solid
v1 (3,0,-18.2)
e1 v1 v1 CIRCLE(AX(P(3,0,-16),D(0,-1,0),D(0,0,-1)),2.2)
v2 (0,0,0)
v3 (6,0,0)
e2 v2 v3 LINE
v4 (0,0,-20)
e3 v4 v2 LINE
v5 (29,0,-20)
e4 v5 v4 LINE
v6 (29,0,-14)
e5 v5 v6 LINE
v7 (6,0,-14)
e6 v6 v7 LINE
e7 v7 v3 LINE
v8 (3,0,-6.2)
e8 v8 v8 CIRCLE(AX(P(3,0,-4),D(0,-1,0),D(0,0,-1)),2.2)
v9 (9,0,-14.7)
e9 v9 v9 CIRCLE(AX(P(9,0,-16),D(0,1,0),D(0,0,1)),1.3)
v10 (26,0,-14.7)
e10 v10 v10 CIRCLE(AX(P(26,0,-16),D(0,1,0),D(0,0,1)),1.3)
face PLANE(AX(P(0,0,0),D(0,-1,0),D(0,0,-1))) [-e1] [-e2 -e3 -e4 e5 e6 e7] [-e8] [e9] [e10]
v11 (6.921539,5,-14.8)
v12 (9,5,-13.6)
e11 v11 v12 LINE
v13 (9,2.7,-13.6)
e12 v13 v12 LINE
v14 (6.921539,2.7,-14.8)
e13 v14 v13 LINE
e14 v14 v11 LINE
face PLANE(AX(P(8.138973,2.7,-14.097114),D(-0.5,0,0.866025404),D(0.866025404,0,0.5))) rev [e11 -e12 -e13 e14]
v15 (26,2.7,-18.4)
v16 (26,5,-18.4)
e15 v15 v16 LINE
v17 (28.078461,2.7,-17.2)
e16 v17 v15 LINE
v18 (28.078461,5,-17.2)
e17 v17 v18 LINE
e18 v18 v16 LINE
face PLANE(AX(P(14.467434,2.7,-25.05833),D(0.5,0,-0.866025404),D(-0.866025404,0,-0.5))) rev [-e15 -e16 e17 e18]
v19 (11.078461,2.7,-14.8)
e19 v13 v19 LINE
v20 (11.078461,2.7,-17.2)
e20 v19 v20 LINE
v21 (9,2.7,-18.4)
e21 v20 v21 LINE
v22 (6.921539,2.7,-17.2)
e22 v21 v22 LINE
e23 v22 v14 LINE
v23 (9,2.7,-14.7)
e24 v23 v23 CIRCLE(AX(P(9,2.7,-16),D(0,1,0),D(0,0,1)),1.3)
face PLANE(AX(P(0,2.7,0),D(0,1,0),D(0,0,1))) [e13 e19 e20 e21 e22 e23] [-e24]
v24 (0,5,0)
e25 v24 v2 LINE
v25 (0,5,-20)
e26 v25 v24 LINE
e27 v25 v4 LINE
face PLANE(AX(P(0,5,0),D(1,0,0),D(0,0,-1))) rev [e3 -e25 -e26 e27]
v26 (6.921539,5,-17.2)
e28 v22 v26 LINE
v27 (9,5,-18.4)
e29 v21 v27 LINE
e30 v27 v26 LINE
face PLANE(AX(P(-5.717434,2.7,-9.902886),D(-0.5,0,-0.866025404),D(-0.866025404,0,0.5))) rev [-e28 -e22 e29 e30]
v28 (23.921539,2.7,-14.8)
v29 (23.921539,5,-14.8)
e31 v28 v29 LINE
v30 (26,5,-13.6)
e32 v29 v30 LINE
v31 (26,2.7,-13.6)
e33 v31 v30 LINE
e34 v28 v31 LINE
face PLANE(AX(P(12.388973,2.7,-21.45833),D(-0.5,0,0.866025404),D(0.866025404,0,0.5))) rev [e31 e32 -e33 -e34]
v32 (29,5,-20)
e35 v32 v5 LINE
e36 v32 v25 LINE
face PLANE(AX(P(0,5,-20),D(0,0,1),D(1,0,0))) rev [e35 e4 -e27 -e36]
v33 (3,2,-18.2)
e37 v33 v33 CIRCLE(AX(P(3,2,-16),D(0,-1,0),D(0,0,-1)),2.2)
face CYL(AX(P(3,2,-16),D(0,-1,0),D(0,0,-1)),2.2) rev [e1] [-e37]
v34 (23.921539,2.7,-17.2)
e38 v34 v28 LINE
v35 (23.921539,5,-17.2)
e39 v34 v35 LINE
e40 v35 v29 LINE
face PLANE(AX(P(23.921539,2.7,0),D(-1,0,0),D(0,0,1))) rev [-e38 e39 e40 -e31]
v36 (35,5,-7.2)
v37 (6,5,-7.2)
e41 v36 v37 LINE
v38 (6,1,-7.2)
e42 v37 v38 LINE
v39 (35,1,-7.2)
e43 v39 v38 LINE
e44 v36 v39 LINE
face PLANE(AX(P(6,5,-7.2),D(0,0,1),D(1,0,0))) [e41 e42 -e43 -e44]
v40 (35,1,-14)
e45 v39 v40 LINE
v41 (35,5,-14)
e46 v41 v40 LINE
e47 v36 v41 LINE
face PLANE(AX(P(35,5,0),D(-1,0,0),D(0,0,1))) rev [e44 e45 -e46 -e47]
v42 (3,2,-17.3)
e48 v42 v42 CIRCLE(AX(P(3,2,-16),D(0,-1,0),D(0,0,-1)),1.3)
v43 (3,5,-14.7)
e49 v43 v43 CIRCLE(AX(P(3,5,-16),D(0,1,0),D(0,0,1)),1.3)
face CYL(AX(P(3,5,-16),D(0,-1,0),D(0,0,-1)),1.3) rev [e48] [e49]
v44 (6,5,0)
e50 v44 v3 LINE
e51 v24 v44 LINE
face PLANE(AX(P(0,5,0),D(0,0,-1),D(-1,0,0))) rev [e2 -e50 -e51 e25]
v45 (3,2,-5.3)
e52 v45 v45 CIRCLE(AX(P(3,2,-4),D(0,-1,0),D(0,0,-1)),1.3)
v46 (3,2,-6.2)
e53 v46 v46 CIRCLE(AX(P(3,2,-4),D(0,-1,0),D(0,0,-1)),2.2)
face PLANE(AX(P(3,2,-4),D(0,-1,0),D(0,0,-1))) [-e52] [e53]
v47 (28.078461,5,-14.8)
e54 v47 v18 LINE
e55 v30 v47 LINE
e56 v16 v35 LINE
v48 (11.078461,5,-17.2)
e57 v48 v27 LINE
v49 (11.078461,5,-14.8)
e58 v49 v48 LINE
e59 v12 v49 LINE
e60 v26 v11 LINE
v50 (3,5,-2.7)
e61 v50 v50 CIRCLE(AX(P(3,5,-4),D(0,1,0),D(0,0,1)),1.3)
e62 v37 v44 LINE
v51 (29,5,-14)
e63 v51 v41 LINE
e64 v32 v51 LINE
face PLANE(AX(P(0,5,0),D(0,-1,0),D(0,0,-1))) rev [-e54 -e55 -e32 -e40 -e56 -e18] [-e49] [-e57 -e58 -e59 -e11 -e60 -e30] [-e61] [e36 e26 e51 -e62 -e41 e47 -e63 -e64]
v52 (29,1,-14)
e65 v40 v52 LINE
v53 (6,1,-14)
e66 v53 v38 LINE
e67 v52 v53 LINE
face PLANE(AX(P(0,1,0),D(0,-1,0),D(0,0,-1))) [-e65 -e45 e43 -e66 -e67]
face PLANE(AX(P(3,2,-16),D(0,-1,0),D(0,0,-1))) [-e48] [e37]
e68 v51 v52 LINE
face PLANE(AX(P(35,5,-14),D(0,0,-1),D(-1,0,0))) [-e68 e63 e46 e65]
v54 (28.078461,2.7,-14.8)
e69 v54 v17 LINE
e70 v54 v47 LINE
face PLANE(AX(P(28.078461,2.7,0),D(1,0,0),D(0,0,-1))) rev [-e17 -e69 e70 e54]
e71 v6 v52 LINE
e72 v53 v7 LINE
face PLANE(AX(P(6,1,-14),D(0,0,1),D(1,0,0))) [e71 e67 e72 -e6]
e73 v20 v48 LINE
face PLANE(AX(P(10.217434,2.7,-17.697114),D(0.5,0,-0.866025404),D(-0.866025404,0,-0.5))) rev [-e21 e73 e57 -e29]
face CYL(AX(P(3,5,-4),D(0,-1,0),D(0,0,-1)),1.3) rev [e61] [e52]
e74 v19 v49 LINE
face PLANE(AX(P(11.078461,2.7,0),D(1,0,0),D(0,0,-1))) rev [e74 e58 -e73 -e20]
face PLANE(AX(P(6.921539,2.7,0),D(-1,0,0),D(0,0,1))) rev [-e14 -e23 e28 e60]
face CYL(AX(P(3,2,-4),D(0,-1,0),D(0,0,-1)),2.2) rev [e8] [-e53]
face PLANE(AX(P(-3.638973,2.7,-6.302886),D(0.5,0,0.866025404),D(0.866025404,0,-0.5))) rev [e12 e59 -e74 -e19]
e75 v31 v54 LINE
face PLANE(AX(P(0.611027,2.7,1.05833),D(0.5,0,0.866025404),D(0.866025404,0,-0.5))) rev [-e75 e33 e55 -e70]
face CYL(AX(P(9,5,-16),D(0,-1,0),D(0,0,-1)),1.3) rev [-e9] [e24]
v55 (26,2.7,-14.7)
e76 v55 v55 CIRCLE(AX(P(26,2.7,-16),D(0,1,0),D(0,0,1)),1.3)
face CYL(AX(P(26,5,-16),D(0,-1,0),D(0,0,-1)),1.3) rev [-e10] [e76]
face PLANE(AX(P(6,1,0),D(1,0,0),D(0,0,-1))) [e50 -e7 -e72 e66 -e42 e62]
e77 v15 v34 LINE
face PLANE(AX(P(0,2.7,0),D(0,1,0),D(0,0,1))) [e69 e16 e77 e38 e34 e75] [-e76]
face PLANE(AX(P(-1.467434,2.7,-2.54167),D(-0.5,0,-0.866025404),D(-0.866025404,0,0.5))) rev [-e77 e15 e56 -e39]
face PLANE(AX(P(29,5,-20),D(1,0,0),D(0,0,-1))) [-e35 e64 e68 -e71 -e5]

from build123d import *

# Parameters (mm, degrees)
SKETCH_1_W           = 35
SKETCH_1_H           = 20
EXTRUDE_1_DEPTH      = 5
SKETCH_2_W           = 29
SKETCH_2_H           = 14
CUT_EXTRUDE_2_DEPTH  = 1
SKETCH_3_W           = 29
SKETCH_3_H           = 7.2
CUT_EXTRUDE_4_DEPTH  = 41.620192023
SKETCH_4_W           = 6
SKETCH_4_H           = 6
CUT_EXTRUDE_5_DEPTH  = 41.620192023
SKETCH_5_R           = 1.3
CUT_EXTRUDE_6_DEPTH  = 41.620192023
CUT_EXTRUDE_START    = 5
CUT_EXTRUDE_8_DEPTH  = 2.3
SKETCH_6_R           = 2.2
CUT_EXTRUDE_10_DEPTH = 2


with BuildPart() as part:
    # 草圖1 → 填料-伸長1 (new body)
    with BuildSketch(Plane(origin=(0, 0, 0), x_dir=(1, 0, 0), z_dir=(0, 1, 0))):
        with Locations((17.5, 10)):
            Rectangle(SKETCH_1_W, SKETCH_1_H)
    extrude(amount=EXTRUDE_1_DEPTH)

    # 草圖2 → 除料-伸長2 (cut)
    with BuildSketch(Plane(origin=(0, 0, 0), x_dir=(1, 0, 0), z_dir=(0, 1, 0))):
        with Locations((20.5, 7)):
            Rectangle(SKETCH_2_W, SKETCH_2_H)
    extrude(amount=CUT_EXTRUDE_2_DEPTH, mode=Mode.SUBTRACT)

    # 草圖3 → 除料-伸長4 (cut, through all)
    with BuildSketch(Plane(origin=(0, 0, 0), x_dir=(1, 0, 0), z_dir=(0, 1, 0))):
        with Locations((20.5, 3.6)):
            Rectangle(SKETCH_3_W, SKETCH_3_H)
    extrude(amount=CUT_EXTRUDE_4_DEPTH, mode=Mode.SUBTRACT)

    # 草圖4 → 除料-伸長5 (cut, through all)
    with BuildSketch(Plane(origin=(0, 0, 0), x_dir=(1, 0, 0), z_dir=(0, 1, 0))):
        with Locations((32, 17)):
            Rectangle(SKETCH_4_W, SKETCH_4_H)
    extrude(amount=CUT_EXTRUDE_5_DEPTH, mode=Mode.SUBTRACT)

    # 草圖5 → 除料-伸長6 (cut, through all)
    with BuildSketch(Plane(origin=(0, 0, 0), x_dir=(1, 0, 0), z_dir=(0, 1, 0))):
        with Locations(Location((3, 16, 0), (0, 0, 270))):
            Circle(SKETCH_5_R)
        with Locations(Location((3, 4, 0), (0, 0, 270))):
            Circle(SKETCH_5_R)
        with Locations(Location((9, 16, 0), (0, 0, 270))):
            Circle(SKETCH_5_R)
        with Locations(Location((26, 16, 0), (0, 0, 270))):
            Circle(SKETCH_5_R)
    extrude(amount=CUT_EXTRUDE_6_DEPTH, mode=Mode.SUBTRACT)

    # 草圖7 → 除料-伸長8 (cut)
    with BuildSketch(Plane(origin=(0, 0, 0), x_dir=(1, 0, 0), z_dir=(0, 1, 0)).offset(CUT_EXTRUDE_START)):
        Polygon((26, 18.4), (23.921539031, 17.2), (23.921539031, 14.8), (26, 13.6), (28.078460969, 14.8), (28.078460969, 17.2), align=None)
        Polygon((9, 18.4), (6.921539031, 17.2), (6.921539031, 14.8), (9, 13.6), (11.078460969, 14.8), (11.078460969, 17.2), align=None)
    extrude(amount=-CUT_EXTRUDE_8_DEPTH, mode=Mode.SUBTRACT)

    # 草圖6 → 除料-伸長10 (cut)
    with BuildSketch(Plane(origin=(0, 0, 0), x_dir=(1, 0, 0), z_dir=(0, 1, 0))):
        with Locations(Location((3, 16, 0), (0, 0, 90))):
            Circle(SKETCH_6_R)
        with Locations(Location((3, 4, 0), (0, 0, 90))):
            Circle(SKETCH_6_R)
    extrude(amount=CUT_EXTRUDE_10_DEPTH, mode=Mode.SUBTRACT)


solid = part.part
